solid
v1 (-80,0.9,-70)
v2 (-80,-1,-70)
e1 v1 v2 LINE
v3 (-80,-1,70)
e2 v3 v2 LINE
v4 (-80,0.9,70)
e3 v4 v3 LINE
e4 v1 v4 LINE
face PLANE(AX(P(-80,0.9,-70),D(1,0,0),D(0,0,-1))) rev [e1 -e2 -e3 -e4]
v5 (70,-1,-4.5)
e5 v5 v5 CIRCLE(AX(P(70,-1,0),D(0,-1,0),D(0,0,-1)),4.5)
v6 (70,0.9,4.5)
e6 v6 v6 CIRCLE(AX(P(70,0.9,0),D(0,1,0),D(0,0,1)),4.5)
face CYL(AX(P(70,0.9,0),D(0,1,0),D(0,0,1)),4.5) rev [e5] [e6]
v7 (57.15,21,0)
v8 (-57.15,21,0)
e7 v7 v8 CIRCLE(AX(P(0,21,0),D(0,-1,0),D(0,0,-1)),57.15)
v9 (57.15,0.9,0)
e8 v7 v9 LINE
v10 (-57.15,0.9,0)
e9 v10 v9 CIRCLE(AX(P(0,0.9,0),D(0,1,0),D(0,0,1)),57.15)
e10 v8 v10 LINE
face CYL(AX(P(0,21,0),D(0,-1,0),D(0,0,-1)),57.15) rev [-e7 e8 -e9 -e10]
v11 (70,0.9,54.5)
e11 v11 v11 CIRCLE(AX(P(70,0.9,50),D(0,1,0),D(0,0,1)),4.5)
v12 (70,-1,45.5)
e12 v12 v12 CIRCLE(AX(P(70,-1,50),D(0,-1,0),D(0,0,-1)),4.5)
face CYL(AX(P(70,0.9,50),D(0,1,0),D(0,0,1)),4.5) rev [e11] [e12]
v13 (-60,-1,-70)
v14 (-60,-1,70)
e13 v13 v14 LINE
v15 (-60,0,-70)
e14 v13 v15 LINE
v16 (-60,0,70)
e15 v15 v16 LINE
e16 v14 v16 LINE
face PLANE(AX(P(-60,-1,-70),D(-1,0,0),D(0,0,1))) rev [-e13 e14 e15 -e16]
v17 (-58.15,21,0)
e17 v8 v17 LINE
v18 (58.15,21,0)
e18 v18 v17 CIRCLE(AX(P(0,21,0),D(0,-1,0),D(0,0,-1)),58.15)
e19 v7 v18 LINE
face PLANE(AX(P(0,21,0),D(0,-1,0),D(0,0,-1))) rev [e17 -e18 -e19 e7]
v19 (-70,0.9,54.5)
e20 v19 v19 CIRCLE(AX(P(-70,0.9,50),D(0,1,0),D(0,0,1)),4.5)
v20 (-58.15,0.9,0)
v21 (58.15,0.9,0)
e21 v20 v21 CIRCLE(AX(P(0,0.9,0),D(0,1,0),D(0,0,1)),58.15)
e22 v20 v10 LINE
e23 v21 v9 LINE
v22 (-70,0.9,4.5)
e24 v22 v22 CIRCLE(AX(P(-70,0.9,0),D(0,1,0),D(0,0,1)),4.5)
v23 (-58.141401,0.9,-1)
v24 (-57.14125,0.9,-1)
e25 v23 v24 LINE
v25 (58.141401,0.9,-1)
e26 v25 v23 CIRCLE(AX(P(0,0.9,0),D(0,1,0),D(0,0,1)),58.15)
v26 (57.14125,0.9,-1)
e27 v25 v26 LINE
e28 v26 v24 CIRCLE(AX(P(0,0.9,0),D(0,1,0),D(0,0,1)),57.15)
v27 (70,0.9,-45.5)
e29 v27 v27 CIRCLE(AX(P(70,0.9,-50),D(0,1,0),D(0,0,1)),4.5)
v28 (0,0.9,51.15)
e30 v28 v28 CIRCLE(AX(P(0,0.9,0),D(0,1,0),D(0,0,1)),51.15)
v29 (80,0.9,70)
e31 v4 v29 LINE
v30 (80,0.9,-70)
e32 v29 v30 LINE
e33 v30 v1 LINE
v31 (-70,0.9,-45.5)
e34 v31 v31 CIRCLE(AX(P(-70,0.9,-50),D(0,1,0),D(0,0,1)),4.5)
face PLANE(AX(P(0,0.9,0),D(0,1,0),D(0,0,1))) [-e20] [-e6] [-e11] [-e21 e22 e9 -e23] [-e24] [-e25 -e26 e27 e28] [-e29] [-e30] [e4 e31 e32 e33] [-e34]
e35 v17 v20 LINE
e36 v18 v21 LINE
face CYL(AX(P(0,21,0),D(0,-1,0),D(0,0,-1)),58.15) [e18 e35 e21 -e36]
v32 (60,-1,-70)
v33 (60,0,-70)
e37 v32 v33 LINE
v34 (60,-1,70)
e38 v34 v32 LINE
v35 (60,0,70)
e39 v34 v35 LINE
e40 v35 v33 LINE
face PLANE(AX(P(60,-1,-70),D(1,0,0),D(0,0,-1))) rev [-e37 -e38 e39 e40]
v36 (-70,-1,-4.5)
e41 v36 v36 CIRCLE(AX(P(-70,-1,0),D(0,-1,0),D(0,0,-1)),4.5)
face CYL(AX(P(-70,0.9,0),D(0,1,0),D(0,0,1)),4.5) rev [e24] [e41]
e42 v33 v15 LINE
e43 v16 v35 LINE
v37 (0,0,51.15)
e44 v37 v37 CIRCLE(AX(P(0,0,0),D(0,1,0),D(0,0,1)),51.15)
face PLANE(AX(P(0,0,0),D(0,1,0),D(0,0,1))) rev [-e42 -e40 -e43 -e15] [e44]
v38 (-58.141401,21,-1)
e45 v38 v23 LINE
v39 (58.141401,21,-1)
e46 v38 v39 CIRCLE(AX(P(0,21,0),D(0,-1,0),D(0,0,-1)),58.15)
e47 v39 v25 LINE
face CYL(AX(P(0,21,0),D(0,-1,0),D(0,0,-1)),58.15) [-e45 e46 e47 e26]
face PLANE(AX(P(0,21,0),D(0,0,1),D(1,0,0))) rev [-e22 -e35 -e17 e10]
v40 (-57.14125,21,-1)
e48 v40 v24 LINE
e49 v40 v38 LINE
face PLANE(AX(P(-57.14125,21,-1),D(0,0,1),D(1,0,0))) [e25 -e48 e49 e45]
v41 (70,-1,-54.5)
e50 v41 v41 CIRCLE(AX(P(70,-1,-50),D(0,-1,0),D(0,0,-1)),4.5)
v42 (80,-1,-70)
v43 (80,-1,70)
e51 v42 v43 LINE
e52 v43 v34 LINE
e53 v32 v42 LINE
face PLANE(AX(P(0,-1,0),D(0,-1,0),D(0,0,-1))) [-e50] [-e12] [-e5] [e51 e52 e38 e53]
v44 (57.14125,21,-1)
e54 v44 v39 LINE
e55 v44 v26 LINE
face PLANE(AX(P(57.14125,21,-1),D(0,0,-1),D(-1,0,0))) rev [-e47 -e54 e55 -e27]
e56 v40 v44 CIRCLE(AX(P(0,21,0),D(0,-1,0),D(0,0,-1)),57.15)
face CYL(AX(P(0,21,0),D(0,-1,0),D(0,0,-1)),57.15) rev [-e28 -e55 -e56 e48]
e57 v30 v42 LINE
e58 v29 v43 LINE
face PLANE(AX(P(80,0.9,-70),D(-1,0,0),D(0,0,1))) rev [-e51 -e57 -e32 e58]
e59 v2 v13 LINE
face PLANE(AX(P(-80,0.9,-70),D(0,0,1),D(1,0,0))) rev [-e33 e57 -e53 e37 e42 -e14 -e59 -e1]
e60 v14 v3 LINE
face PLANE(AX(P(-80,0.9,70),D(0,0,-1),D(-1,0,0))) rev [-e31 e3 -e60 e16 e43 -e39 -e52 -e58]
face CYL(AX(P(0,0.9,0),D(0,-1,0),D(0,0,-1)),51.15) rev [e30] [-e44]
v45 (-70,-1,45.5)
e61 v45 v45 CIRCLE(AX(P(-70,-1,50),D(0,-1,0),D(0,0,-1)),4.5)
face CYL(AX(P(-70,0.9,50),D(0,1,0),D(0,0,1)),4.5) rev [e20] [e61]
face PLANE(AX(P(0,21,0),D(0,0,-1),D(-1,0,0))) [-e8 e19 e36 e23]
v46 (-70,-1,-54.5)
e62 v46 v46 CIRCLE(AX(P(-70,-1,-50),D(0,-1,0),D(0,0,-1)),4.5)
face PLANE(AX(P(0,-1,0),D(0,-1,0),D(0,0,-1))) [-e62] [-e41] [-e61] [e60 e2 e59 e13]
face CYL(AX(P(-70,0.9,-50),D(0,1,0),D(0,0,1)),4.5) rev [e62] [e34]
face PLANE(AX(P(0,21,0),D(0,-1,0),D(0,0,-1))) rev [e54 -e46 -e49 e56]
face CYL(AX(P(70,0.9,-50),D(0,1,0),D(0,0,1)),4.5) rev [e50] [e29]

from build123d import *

# Parameters (mm, degrees)
CROQUIS1_W                       = 160
CROQUIS1_H                       = 140
CROQUIS1_R                       = 51.15
SALIENTE_EXTRUIR1_DEPTH          = 0.9
CROQUIS4_W                       = 20
CROQUIS4_H                       = 140
SALIENTE_EXTRUIR3_DEPTH          = 1
TALADRO_DE_MARGEN_PARA_M81_D     = 9
TALADRO_DE_MARGEN_PARA_M81_DEPTH = 10
TALADRO_DE_MARGEN_PARA_M81_TIP   = 2.703872786
SALIENTE_EXTRUIR4_DEPTH          = 21


with BuildPart() as part:
    # Croquis1 → Saliente-Extruir1 (new body)
    with BuildSketch(Plane(origin=(0, 0, 0), x_dir=(1, 0, 0), z_dir=(0, 1, 0))):
        Rectangle(CROQUIS1_W, CROQUIS1_H)
        with Locations(Location((0, 0, 0), (0, 0, 270))):
            Circle(CROQUIS1_R, mode=Mode.SUBTRACT)
    extrude(amount=SALIENTE_EXTRUIR1_DEPTH)

    # Croquis4 → Saliente-Extruir3 (add)
    with BuildSketch(Plane.XZ):
        with Locations((70, 0)):
            Rectangle(CROQUIS4_W, CROQUIS4_H)
        with Locations((-70, 0)):
            Rectangle(CROQUIS4_W, CROQUIS4_H)
    extrude(amount=SALIENTE_EXTRUIR3_DEPTH)

    # Taladro de margen para M81
    with Locations(Plane(origin=(-70, 0.9, -50), x_dir=(0, 0, 1), z_dir=(0, 1, 0))):
        with Locations((0, 0), (50, 0), (100, 0), (100, 140), (50, 140), (0, 140)):
            Hole(TALADRO_DE_MARGEN_PARA_M81_D / 2, depth=TALADRO_DE_MARGEN_PARA_M81_DEPTH)
            with Locations((0, 0, -(TALADRO_DE_MARGEN_PARA_M81_DEPTH + TALADRO_DE_MARGEN_PARA_M81_TIP / 2))):  # 118° drill point
                Cone(0, TALADRO_DE_MARGEN_PARA_M81_D / 2, TALADRO_DE_MARGEN_PARA_M81_TIP, mode=Mode.SUBTRACT)

    # Croquis5 → Saliente-Extruir4 (add)
    with BuildSketch(Plane.XZ):
        with BuildLine():
            ThreePointArc((57.15, 0), (0, 57.15), (-57.15, 0))
            Line((-57.15, 0), (-58.15, 0))
            ThreePointArc((-58.15, 0), (0, 58.15), (58.15, 0))
            Line((58.15, 0), (57.15, 0))
        make_face()
        with BuildLine():
            ThreePointArc((-58.141400912, -1), (0, -58.15), (58.141400912, -1))
            Line((58.141400912, -1), (57.141250424, -1))
            ThreePointArc((57.141250424, -1), (0, -57.15), (-57.141250424, -1))
            Line((-57.141250424, -1), (-58.141400912, -1))
        make_face()
    extrude(amount=-SALIENTE_EXTRUIR4_DEPTH)


solid = part.part
